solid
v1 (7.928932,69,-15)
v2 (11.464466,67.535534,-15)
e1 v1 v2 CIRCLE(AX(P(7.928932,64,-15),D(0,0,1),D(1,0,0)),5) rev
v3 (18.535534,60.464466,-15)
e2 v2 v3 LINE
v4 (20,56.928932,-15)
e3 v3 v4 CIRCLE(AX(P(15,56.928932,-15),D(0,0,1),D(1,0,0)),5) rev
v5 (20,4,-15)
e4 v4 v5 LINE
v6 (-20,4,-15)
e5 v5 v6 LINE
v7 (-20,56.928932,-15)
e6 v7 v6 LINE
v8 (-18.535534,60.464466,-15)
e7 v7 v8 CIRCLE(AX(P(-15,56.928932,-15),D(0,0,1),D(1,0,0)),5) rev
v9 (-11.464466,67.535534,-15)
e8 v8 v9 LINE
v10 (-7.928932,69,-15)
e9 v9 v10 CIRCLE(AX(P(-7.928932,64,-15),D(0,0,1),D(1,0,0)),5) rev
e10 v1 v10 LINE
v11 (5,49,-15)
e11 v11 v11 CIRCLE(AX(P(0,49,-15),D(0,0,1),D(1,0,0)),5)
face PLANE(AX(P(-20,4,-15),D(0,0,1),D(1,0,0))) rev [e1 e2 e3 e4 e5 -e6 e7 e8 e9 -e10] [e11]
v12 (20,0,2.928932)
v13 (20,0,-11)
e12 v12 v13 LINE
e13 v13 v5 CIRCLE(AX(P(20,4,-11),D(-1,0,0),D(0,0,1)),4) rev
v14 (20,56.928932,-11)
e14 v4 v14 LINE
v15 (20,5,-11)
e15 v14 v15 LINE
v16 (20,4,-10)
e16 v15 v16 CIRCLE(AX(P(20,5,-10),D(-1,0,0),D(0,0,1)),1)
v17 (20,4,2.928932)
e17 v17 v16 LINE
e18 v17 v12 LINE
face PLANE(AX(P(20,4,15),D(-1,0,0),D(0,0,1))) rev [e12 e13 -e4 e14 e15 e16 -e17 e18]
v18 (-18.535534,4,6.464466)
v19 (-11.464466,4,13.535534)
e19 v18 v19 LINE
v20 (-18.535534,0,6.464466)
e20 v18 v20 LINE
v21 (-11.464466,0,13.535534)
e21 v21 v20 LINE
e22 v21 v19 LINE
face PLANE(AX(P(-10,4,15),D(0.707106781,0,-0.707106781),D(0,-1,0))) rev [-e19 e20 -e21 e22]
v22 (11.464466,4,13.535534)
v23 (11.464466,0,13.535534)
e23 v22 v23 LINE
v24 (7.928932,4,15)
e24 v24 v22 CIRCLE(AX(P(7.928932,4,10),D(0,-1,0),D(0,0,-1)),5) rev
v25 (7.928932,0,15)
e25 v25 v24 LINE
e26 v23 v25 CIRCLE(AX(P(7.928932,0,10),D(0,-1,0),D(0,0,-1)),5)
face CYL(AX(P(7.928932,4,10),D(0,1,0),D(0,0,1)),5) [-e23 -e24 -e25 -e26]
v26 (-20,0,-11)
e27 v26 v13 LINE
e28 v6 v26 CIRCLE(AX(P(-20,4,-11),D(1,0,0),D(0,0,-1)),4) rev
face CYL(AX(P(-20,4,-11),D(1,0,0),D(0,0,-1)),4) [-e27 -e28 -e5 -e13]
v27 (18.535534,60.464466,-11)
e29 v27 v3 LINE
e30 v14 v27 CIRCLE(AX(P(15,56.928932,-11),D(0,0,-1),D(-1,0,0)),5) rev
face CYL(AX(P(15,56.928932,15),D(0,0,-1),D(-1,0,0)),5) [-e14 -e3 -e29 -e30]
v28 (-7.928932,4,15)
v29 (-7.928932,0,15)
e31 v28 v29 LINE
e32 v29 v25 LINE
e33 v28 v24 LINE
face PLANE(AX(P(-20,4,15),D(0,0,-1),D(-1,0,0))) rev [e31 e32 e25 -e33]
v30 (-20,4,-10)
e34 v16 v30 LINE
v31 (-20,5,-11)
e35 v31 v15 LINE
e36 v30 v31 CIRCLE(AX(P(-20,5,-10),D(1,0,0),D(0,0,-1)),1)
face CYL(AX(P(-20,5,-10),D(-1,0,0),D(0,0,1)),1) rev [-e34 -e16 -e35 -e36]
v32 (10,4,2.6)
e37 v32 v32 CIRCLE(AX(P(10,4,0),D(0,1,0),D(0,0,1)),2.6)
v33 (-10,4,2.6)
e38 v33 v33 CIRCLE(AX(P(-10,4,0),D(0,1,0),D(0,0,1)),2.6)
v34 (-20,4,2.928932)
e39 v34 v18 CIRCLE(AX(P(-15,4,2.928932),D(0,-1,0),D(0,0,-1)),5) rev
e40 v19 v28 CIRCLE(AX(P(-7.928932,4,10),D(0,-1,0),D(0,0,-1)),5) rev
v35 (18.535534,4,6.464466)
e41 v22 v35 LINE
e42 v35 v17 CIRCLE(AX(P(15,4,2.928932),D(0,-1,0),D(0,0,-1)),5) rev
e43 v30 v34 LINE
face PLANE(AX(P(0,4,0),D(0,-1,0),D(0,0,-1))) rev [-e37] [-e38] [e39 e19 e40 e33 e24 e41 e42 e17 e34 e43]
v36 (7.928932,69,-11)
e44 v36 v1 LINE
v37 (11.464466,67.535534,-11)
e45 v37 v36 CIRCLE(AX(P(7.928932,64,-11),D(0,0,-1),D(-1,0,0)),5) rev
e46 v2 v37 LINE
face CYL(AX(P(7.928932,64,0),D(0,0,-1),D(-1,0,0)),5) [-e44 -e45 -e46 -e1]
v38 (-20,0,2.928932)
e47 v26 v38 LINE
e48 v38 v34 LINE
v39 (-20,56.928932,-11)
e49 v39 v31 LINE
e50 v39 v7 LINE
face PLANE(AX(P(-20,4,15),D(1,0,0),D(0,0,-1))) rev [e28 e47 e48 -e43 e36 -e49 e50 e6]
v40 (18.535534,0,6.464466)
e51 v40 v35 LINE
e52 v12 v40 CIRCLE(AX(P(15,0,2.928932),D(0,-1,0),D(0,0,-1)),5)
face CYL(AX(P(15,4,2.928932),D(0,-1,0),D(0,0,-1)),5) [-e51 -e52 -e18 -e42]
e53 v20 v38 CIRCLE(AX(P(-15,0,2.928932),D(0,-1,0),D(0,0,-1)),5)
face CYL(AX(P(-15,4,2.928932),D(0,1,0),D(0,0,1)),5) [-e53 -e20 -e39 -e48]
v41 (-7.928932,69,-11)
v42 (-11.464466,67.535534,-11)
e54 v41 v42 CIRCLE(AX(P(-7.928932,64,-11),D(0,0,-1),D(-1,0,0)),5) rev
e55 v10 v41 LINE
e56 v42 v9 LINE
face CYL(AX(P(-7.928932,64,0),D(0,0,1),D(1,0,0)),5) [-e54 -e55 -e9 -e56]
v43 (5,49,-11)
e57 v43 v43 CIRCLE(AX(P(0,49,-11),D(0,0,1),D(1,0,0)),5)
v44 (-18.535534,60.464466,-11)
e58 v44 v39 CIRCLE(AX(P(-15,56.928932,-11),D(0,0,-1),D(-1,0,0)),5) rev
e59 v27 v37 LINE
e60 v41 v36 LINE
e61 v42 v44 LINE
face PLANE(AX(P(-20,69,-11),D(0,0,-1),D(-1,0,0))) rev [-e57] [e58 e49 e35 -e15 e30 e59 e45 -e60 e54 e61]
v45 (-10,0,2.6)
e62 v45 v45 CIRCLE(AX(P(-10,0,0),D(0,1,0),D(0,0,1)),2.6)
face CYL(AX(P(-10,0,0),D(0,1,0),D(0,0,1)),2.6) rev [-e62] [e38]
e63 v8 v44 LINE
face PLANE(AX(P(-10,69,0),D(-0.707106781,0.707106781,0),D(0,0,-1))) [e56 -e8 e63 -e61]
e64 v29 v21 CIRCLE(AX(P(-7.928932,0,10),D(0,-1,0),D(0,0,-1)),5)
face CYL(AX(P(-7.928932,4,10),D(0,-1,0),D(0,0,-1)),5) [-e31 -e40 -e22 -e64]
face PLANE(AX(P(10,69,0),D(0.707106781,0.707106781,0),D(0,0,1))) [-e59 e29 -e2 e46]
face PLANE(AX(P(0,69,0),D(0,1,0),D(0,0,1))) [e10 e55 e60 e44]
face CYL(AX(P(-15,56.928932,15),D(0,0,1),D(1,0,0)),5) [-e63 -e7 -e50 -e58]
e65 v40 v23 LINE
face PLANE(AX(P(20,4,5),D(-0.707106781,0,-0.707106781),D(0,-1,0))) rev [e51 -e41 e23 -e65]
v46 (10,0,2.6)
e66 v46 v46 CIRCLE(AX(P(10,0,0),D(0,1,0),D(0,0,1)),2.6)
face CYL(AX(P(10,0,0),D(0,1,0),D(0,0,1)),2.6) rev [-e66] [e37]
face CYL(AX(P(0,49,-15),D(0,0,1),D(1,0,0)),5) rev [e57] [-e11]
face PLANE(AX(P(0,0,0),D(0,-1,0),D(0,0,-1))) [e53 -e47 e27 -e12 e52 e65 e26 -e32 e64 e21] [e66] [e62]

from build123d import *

# Parameters (mm, degrees)
SKETCH_1_W             = 40
SKETCH_1_H             = 30
EXTRUDE_1_DEPTH        = 4
SKETCH_3_W             = 40
SKETCH_3_H             = 4
EXTRUDE_2_DEPTH        = 65
FILLET_1_R             = 4
SKETCH_4_R             = 2.6
CUT_EXTRUDE_1_DEPTH    = 70.641941386
PATTERN_LINEAR_1_COUNT = 2
PATTERN_LINEAR_1_PITCH = 20
SKETCH_5_R             = 5
CUT_EXTRUDE_2_DEPTH    = 77.40026178
CHAMFER_1_SIZE         = 10
FILLET_2_R             = 5
FILLET_3_R             = 1


with BuildPart() as part:
    # 草圖1 → 填料-伸長1 (new body)
    with BuildSketch(Plane(origin=(0, 0, 0), x_dir=(1, 0, 0), z_dir=(0, 1, 0))):
        Rectangle(SKETCH_1_W, SKETCH_1_H)
    extrude(amount=EXTRUDE_1_DEPTH)

    # 草圖3 → 填料-伸長2 (add)
    with BuildSketch(Plane(origin=(0, 4, 0), x_dir=(1, 0, 0), z_dir=(0, 1, 0))):
        with Locations((0, 13)):
            Rectangle(SKETCH_3_W, SKETCH_3_H)
    extrude(amount=EXTRUDE_2_DEPTH)

    # 圓角1
    fillet_1_edges = [part.edges().sort_by_distance(p)[0] for p in [
        (0, 0, -15),
    ]]
    fillet(fillet_1_edges, radius=FILLET_1_R)

    # 草圖4 → 除料-伸長1 (cut, through all)
    with BuildSketch(Plane(origin=(0, 4, 0), x_dir=(1, 0, 0), z_dir=(0, 1, 0))):
        with Locations(Location((-10, 0, 0), (0, 0, 270))):
            Circle(SKETCH_4_R)
    cut_extrude_1 = extrude(amount=-CUT_EXTRUDE_1_DEPTH, mode=Mode.SUBTRACT)

    # 直線複製排列1: 除料-伸長1 ×2
    with Locations(*[(i * PATTERN_LINEAR_1_PITCH, 0, 0) for i in range(1, PATTERN_LINEAR_1_COUNT)]):
        add(cut_extrude_1, mode=Mode.SUBTRACT)

    # 草圖5 → 除料-伸長2 (cut, through all)
    with BuildSketch(Plane.XY.offset(-11)):
        with Locations((0, 49)):
            Circle(SKETCH_5_R)
    extrude(amount=-CUT_EXTRUDE_2_DEPTH, mode=Mode.SUBTRACT)

    # 導角1
    chamfer_1_edges = [part.edges().sort_by_distance(p)[0] for p in [
        (-20, 69, -13),
        (20, 69, -13),
        (20, 2, 15),
        (-20, 2, 15),
    ]]
    chamfer(chamfer_1_edges, length=CHAMFER_1_SIZE)

    # 圓角2
    fillet_2_edges = [part.edges().sort_by_distance(p)[0] for p in [
        (-10, 69, -13),
        (10, 69, -13),
        (20, 2, 5),
        (20, 59, -13),
        (-20, 2, 5),
        (-20, 59, -13),
        (10, 2, 15),
        (-10, 2, 15),
    ]]
    fillet(fillet_2_edges, radius=FILLET_2_R)

    # 圓角3
    fillet_3_edges = [part.edges().sort_by_distance(p)[0] for p in [
        (0, 4, -11),
    ]]
    fillet(fillet_3_edges, radius=FILLET_3_R)


solid = part.part
